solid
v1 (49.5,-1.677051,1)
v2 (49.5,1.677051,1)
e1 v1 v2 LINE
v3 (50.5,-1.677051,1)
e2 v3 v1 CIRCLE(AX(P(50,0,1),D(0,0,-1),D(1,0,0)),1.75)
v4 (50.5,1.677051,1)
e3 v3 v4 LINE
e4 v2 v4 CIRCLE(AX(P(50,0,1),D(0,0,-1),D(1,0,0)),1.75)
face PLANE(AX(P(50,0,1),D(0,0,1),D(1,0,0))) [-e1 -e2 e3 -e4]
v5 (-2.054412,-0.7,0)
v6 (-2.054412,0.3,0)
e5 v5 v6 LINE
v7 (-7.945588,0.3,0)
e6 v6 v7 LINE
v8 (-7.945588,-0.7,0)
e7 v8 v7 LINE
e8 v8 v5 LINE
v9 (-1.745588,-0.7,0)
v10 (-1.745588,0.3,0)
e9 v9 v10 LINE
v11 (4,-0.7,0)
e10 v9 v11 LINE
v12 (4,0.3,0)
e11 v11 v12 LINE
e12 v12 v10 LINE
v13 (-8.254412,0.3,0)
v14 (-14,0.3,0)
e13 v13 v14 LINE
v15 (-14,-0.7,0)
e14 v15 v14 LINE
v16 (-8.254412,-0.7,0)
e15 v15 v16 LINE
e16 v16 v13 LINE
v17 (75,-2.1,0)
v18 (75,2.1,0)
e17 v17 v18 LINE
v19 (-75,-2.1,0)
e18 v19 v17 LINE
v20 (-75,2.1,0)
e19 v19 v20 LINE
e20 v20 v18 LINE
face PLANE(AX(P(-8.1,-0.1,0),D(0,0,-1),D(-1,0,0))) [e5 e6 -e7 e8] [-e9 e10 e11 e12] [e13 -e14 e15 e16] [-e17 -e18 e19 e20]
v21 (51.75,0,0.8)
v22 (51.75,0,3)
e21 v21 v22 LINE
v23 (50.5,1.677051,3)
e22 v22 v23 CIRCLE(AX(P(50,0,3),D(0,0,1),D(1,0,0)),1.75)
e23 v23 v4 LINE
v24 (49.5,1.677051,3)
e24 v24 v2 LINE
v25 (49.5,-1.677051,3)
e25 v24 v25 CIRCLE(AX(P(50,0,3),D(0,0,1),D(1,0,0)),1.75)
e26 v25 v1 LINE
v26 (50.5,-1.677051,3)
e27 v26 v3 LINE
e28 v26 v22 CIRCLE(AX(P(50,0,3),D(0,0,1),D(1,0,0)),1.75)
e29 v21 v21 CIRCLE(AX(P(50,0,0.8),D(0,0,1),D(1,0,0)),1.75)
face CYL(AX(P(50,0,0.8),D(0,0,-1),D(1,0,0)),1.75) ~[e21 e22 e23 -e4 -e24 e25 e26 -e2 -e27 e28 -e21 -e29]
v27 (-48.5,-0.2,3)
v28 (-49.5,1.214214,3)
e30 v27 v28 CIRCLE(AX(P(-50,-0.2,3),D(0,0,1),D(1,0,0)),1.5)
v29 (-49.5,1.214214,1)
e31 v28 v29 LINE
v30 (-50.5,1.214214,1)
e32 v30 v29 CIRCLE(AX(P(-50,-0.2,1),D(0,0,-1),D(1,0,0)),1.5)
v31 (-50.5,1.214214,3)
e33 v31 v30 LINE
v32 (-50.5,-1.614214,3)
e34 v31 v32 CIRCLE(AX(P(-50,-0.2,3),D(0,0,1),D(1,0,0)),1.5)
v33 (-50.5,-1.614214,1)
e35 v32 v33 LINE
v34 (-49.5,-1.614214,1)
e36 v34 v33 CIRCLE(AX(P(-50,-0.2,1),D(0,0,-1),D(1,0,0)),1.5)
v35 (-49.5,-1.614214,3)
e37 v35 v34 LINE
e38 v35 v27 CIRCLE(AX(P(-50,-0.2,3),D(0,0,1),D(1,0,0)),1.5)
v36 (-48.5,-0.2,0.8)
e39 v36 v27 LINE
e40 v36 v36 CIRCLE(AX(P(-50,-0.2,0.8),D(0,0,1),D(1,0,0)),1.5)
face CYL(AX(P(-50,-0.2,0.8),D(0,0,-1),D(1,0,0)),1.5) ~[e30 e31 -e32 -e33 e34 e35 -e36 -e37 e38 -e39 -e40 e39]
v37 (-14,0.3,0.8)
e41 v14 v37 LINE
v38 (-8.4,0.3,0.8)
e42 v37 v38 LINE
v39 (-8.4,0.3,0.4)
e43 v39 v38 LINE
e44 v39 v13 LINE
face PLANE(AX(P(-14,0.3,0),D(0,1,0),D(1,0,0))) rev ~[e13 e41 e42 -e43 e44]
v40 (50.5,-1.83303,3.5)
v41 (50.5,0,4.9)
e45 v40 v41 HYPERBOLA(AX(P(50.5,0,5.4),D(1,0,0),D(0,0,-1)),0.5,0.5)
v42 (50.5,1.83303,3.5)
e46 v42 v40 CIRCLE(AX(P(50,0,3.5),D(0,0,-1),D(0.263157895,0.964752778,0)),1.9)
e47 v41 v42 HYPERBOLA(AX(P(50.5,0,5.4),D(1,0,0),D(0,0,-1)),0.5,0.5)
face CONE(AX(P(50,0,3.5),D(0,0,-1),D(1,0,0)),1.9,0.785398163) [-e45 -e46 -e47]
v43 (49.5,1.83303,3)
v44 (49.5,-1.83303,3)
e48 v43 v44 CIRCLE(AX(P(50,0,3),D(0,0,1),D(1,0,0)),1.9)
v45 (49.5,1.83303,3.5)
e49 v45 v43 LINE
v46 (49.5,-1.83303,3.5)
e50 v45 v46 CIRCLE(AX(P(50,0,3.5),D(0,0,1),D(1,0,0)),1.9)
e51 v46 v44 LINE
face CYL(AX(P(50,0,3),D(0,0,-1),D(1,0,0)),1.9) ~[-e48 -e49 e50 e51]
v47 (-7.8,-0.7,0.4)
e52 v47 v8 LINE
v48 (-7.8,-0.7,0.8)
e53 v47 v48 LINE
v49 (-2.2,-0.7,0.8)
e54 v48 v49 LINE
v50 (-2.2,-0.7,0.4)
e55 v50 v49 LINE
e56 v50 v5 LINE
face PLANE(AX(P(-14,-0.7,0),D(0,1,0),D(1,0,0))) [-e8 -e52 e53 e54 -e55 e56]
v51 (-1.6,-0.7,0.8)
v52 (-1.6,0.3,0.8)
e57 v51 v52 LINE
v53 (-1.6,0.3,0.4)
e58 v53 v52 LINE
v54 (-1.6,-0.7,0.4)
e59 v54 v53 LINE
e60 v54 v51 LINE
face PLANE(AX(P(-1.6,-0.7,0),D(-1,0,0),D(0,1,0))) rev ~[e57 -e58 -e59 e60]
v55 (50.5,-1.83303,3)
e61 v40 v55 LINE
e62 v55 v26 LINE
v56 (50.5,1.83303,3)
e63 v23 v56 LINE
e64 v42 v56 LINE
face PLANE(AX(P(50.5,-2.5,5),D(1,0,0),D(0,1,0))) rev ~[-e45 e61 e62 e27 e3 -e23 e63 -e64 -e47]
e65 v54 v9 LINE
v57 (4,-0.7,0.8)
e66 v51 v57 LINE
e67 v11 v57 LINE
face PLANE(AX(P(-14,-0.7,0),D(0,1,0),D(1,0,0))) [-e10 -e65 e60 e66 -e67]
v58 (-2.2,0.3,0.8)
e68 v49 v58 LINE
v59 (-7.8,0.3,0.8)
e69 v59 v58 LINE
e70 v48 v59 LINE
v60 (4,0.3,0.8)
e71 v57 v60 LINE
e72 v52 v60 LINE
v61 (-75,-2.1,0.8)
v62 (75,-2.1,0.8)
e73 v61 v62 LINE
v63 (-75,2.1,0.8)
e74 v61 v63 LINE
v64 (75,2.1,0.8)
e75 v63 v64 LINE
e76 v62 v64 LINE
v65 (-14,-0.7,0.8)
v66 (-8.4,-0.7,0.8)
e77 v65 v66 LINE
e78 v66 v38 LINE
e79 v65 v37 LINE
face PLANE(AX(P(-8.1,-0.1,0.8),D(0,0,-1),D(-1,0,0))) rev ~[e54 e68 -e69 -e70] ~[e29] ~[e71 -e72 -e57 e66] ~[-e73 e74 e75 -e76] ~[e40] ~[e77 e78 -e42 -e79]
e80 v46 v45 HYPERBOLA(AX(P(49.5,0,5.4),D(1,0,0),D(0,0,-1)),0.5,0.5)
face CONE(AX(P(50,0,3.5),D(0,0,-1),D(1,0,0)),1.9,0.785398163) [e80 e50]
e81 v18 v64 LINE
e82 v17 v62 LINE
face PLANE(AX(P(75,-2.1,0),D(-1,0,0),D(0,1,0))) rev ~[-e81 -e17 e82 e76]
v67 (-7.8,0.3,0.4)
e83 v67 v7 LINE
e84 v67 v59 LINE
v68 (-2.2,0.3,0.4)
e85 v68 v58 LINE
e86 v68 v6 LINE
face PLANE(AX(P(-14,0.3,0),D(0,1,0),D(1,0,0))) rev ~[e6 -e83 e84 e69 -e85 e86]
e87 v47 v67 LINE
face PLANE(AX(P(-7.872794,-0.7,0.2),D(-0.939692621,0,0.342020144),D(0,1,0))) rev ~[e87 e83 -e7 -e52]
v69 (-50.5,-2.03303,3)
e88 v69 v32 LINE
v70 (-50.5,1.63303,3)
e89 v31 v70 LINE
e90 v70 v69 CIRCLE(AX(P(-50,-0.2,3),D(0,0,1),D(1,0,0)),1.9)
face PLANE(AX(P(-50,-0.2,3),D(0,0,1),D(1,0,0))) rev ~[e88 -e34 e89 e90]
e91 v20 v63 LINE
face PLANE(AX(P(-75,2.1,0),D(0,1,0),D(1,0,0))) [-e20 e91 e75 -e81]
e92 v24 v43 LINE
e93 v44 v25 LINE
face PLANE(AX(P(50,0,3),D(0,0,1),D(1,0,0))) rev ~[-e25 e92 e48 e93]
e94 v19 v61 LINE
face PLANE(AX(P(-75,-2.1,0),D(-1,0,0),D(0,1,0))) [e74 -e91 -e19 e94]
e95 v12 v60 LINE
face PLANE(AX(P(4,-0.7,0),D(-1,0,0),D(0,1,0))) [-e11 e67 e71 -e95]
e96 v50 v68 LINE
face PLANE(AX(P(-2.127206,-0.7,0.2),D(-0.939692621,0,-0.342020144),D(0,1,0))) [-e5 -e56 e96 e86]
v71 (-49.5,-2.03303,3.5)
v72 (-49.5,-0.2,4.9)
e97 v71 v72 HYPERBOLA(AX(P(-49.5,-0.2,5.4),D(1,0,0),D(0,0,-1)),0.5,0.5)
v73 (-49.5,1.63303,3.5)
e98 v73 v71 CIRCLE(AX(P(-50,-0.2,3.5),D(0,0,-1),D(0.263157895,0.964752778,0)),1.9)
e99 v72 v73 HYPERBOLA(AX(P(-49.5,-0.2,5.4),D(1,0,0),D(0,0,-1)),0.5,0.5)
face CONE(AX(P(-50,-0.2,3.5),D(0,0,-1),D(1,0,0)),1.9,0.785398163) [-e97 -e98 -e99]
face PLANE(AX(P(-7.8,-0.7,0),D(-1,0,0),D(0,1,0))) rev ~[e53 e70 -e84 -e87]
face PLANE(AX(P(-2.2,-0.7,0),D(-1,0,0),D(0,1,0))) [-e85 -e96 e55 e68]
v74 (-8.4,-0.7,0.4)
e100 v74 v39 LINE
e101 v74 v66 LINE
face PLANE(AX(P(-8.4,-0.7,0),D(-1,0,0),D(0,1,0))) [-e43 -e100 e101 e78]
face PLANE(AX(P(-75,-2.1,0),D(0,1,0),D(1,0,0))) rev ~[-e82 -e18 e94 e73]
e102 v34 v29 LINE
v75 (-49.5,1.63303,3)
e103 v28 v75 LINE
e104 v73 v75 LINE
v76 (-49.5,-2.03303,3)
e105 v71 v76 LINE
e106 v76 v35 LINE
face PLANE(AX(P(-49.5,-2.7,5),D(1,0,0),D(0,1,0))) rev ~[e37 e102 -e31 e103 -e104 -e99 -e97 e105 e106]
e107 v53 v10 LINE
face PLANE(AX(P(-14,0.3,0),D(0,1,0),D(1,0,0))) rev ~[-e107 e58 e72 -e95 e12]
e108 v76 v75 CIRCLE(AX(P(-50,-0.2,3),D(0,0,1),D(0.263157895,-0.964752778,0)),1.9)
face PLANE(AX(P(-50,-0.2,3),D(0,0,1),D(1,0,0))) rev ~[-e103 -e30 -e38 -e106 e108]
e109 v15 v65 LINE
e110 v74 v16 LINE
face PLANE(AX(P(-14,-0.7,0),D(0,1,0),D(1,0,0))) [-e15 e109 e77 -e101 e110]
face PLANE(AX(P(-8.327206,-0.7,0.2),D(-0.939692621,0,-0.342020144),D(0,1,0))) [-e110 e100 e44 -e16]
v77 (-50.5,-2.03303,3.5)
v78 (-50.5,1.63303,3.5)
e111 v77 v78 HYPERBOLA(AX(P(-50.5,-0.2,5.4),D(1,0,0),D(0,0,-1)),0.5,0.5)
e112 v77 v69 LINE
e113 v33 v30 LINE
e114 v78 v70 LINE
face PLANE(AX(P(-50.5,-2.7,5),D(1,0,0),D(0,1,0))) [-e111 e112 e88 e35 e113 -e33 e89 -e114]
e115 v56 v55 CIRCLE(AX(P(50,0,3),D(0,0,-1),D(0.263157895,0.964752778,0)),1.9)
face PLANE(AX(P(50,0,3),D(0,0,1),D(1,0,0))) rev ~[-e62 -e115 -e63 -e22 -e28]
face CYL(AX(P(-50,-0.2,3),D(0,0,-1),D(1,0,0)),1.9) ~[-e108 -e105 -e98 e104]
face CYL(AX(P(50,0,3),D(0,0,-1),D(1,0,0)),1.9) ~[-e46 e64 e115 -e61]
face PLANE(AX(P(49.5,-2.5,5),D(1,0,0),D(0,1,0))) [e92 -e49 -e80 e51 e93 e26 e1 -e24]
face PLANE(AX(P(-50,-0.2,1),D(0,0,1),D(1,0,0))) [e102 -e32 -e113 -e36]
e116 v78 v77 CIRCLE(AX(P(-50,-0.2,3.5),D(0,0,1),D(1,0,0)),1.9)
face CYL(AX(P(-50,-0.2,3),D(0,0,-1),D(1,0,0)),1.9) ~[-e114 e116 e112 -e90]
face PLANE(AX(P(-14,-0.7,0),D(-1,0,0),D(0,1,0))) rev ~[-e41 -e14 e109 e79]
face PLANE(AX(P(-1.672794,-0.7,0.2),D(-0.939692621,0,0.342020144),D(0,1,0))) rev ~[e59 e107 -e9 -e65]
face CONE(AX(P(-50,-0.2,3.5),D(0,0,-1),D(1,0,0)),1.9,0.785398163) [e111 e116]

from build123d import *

# Parameters (mm, degrees)
SKICA2_W                 = 150
SKICA2_H                 = 4.2
SKICA2_W_2               = 18
SKICA2_H_2               = 1
P_IDAT_VYSUNUT_M2_DEPTH  = 0.8
SKICA3_R                 = 1.5
SKICA3_R_2               = 1.75
P_IDAT_VYSUNUT_M3_DEPTH  = 2.2
SKICA4_W                 = 0.6
SKICA4_H                 = 1
SKICA4_H_2               = 1.2
P_IDAT_VYSUNUT_M4_DEPTH  = 0.8
ZKOSEN_1_SIZE            = 0.4
ZKOSEN_1_SIZE2           = 0.145588094
ZKOSEN_1_PART_2_SIZE     = 0.4
ZKOSEN_1_PART_2_SIZE2    = 0.145588094
ZKOSEN_1_PART_3_SIZE     = 0.4
ZKOSEN_1_PART_3_SIZE2    = 0.145588094
ZKOSEN_1_PART_4_SIZE     = 0.4
ZKOSEN_1_PART_4_SIZE2    = 0.145588094
SKICA5_R                 = 1.9
P_IDAT_VYSUNUT_M5_DEPTH  = 2
ZKOSEN_2_SIZE            = 1.5
SKICA7_W                 = 1
SKICA7_H                 = 5
ODEBRAT_VYSUNUT_M1_DEPTH = 4


with BuildPart() as part:
    # Skica2 → Přidat vysunutím2 (new body)
    with BuildSketch(Plane.XY):
        Rectangle(SKICA2_W, SKICA2_H)
        with Locations((-5, -0.2)):
            Rectangle(SKICA2_W_2, SKICA2_H_2, mode=Mode.SUBTRACT)
    extrude(amount=P_IDAT_VYSUNUT_M2_DEPTH)

    # Skica3 → Přidat vysunutím3 (add)
    with BuildSketch(Plane.XY.offset(0.8)):
        with Locations((-50, -0.2)):
            Circle(SKICA3_R)
        with Locations((50, 0)):
            Circle(SKICA3_R_2)
    extrude(amount=P_IDAT_VYSUNUT_M3_DEPTH)

    # Skica4 → Přidat vysunutím4 (add)
    with BuildSketch(Plane(origin=(0, 0, 0), x_dir=(-1, 0, 0), z_dir=(0, 0, -1))):
        with Locations((1.9, -0.2)):
            Rectangle(SKICA4_W, SKICA4_H)
        with Locations((8.1, -0.1)):
            Rectangle(SKICA4_W, SKICA4_H_2)
    extrude(amount=-P_IDAT_VYSUNUT_M4_DEPTH)

    # Zkosení1
    zkosen_1_edges = [part.edges().sort_by_distance(p)[0] for p in [
        (-1.6, -0.2, 0),
    ]]
    zkosen_1_side = [part.faces().sort_by_distance(p)[0] for p in [
        (-1.6, -0.2, 0.4),
    ]]
    chamfer(zkosen_1_edges, length=ZKOSEN_1_SIZE, length2=ZKOSEN_1_SIZE2, reference=zkosen_1_side[0])

    # Zkosení1 part 2
    zkosen_1_part_2_edges = [part.edges().sort_by_distance(p)[0] for p in [
        (-2.2, -0.2, 0),
    ]]
    zkosen_1_part_2_side = [part.faces().sort_by_distance(p)[0] for p in [
        (-2.2, -0.2, 0.4),
    ]]
    chamfer(zkosen_1_part_2_edges, length=ZKOSEN_1_PART_2_SIZE, length2=ZKOSEN_1_PART_2_SIZE2, reference=zkosen_1_part_2_side[0])

    # Zkosení1 part 3
    zkosen_1_part_3_edges = [part.edges().sort_by_distance(p)[0] for p in [
        (-8.4, -0.2, 0),
    ]]
    zkosen_1_part_3_side = [part.faces().sort_by_distance(p)[0] for p in [
        (-8.4, -0.2, 0.4),
    ]]
    chamfer(zkosen_1_part_3_edges, length=ZKOSEN_1_PART_3_SIZE, length2=ZKOSEN_1_PART_3_SIZE2, reference=zkosen_1_part_3_side[0])

    # Zkosení1 part 4
    zkosen_1_part_4_edges = [part.edges().sort_by_distance(p)[0] for p in [
        (-7.8, -0.2, 0),
    ]]
    zkosen_1_part_4_side = [part.faces().sort_by_distance(p)[0] for p in [
        (-7.8, -0.2, 0.4),
    ]]
    chamfer(zkosen_1_part_4_edges, length=ZKOSEN_1_PART_4_SIZE, length2=ZKOSEN_1_PART_4_SIZE2, reference=zkosen_1_part_4_side[0])

    # Skica5 → Přidat vysunutím5 (add)
    with BuildSketch(Plane.XY.offset(3)):
        with Locations((-50, -0.2)):
            Circle(SKICA5_R)
        with Locations((50, 0)):
            Circle(SKICA5_R)
    extrude(amount=P_IDAT_VYSUNUT_M5_DEPTH)

    # Zkosení2
    zkosen_2_edges = [part.edges().sort_by_distance(p)[0] for p in [
        (-51.9, -0.2, 5),
        (48.1, 0, 5),
    ]]
    chamfer(zkosen_2_edges, length=ZKOSEN_2_SIZE)

    # Skica7 → Odebrat vysunutím1 (cut)
    with BuildSketch(Plane.XY.offset(5)):
        with Locations((-50, -0.2)):
            Rectangle(SKICA7_W, SKICA7_H)
        with Locations((50, 0)):
            Rectangle(SKICA7_W, SKICA7_H)
    extrude(amount=-ODEBRAT_VYSUNUT_M1_DEPTH, mode=Mode.SUBTRACT)


solid = part.part
